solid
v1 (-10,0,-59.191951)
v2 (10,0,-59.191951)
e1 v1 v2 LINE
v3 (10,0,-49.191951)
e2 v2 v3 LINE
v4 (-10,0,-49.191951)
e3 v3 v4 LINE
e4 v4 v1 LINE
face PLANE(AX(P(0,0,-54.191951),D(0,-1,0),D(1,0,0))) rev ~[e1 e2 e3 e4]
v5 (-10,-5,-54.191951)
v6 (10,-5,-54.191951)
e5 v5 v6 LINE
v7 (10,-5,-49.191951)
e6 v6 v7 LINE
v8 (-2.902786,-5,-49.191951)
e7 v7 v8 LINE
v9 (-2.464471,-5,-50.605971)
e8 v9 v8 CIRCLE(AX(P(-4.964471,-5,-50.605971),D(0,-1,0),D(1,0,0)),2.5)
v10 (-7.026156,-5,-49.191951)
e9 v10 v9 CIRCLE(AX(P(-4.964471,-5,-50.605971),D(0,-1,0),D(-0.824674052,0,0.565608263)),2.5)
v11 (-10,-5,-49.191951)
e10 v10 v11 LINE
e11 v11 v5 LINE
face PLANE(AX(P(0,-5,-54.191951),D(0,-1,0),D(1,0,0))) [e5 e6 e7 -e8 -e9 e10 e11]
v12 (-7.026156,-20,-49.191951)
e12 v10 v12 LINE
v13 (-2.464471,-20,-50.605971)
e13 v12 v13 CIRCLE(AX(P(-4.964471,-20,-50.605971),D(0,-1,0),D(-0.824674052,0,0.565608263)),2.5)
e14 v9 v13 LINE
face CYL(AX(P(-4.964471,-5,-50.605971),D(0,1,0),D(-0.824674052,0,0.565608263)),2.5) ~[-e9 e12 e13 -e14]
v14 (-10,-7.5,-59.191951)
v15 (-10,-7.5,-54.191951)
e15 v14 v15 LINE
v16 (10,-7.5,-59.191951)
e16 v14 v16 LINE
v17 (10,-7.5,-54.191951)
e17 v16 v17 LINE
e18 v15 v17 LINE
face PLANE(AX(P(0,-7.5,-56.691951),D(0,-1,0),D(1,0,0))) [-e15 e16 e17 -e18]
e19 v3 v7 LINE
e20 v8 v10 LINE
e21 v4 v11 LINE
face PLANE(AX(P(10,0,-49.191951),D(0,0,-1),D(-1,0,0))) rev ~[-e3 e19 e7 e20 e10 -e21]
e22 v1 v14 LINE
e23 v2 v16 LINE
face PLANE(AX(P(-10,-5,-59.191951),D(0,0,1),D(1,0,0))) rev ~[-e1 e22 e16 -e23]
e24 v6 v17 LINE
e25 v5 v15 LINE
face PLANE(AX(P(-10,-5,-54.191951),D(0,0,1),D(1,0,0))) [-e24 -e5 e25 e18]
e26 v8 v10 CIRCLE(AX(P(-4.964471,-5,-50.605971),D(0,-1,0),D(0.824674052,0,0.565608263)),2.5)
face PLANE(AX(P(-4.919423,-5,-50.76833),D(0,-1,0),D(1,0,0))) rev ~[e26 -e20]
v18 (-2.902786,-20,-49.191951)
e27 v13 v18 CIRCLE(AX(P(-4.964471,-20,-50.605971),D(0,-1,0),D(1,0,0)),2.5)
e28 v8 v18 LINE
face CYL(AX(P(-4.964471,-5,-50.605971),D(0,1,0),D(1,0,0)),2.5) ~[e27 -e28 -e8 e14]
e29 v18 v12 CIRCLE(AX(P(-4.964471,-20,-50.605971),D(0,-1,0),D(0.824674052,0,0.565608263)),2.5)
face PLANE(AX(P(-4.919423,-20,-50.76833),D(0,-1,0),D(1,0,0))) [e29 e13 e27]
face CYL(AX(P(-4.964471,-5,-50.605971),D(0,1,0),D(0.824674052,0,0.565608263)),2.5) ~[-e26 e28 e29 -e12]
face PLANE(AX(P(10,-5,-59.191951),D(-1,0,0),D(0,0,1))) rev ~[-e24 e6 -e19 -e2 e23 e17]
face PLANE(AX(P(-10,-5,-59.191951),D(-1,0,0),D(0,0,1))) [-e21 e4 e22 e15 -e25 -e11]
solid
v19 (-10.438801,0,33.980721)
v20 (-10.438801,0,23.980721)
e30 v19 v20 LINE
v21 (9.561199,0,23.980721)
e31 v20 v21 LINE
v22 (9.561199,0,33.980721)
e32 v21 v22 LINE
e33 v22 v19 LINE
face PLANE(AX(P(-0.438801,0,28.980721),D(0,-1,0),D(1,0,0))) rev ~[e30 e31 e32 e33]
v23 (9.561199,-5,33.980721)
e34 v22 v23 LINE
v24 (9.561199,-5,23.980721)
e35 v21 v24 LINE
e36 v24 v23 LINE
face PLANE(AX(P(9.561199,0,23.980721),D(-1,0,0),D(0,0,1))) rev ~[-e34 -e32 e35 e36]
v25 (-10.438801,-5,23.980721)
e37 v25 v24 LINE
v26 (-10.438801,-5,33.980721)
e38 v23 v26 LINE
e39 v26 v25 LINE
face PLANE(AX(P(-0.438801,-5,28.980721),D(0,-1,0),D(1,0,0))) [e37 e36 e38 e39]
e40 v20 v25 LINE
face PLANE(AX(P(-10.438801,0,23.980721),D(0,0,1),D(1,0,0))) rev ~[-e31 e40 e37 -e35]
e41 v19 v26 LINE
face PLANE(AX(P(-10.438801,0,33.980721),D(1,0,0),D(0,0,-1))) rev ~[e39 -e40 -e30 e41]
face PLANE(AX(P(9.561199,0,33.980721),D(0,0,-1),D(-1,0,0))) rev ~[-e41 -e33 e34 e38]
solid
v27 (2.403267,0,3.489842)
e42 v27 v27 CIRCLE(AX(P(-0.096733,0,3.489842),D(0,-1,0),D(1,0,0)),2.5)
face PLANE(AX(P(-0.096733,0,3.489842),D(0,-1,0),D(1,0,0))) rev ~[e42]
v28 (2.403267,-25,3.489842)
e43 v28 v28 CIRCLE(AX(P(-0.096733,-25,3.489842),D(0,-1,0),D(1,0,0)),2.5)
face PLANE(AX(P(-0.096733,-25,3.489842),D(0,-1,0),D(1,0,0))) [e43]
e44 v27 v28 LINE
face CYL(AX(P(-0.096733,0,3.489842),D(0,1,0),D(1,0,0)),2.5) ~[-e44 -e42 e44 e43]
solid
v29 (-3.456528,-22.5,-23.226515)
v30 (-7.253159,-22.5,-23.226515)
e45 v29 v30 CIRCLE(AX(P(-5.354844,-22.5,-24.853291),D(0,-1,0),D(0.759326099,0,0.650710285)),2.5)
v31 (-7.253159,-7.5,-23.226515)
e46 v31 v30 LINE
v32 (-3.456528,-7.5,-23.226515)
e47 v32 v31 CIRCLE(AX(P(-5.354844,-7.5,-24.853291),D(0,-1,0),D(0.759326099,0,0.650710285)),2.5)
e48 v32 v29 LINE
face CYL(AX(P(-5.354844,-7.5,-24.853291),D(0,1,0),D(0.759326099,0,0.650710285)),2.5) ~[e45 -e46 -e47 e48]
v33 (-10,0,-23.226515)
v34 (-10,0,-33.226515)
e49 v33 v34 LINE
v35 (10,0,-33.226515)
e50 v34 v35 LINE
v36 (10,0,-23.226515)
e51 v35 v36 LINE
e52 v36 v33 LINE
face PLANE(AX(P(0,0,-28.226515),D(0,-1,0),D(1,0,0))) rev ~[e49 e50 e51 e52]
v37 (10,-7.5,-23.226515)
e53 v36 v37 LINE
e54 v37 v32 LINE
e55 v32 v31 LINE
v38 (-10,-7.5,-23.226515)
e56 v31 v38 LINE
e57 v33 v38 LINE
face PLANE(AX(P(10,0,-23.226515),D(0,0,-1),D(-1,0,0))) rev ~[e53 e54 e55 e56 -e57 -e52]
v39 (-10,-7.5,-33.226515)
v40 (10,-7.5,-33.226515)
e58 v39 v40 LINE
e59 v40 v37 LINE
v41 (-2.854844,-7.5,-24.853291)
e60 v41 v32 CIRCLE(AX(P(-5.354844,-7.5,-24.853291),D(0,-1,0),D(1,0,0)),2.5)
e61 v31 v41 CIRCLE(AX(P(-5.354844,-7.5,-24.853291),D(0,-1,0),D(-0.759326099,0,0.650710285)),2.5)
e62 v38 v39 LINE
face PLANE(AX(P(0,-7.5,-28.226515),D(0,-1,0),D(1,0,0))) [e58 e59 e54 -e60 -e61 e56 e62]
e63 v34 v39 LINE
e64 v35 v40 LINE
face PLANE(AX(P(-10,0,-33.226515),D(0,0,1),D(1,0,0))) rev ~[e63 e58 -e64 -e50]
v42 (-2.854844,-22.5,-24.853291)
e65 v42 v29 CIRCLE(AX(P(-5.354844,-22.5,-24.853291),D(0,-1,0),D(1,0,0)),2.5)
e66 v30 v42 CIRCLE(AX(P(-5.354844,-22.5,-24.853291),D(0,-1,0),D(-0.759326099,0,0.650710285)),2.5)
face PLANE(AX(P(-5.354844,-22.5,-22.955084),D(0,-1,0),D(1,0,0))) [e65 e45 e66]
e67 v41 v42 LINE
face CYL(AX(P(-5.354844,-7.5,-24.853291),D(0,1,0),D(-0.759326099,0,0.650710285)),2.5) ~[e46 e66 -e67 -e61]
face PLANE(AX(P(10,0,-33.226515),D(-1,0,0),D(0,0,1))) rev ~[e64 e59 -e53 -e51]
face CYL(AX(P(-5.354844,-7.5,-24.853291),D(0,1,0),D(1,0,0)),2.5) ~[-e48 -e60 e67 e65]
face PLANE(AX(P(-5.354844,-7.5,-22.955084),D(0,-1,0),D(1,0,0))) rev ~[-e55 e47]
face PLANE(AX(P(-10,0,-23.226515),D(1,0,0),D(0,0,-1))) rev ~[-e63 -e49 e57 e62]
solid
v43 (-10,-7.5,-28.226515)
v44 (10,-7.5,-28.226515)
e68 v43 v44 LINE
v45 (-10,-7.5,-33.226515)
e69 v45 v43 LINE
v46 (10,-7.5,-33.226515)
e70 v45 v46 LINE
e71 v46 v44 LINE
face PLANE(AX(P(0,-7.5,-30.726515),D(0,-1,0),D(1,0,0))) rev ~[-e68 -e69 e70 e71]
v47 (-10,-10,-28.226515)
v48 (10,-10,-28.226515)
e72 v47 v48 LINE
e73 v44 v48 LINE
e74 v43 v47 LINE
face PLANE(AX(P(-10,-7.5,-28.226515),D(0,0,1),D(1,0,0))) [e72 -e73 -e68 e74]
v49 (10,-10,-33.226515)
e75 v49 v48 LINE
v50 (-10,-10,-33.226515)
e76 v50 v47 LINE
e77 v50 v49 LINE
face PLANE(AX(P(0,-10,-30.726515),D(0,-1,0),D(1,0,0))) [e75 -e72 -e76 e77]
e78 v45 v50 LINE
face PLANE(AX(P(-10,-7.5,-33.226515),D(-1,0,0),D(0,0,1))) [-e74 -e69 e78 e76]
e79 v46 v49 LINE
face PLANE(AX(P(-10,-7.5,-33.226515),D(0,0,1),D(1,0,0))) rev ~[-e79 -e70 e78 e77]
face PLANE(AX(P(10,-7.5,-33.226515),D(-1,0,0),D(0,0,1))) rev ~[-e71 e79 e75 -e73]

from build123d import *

# Parameters (mm, degrees)
F1_DEPTH  = 5
F2_R      = 2.5
F3_DEPTH  = 25
F5_DEPTH  = 7.5
F7_DEPTH  = 5
F8_W      = 20
F8_H      = 5
F9_DEPTH  = 2.5
F10_W     = 20
F10_H     = 5
F11_DEPTH = 2.5
F13_DEPTH = 15
F15_DEPTH = 15


with BuildPart() as f1:
    # F0 (on Front) → F1 (new body)
    with BuildSketch(Plane.XZ):
        Polygon((-9.5611989871, 33.9807206666), (-10.4388010129, 33.9807206666), (-10.4388010129, 23.9807206666), (-9.5611989871, 23.9807206666), (9.5611989871, 23.9807206666), (9.5611989871, 33.9807206666), align=None)
    extrude(amount=F1_DEPTH)


with BuildPart() as f3:
    # F2 (on Front) → F3 (new body)
    with BuildSketch(Plane.XZ):
        with Locations((-0.0967326268, 3.4898421727)):
            Circle(F2_R)
    extrude(amount=F3_DEPTH)


with BuildPart() as f5:
    # F4 (on Front) → F5 (new body)
    with BuildSketch(Plane.XZ):
        Polygon((-7.0380929299, -23.2265152782), (-10, -23.2265152782), (-10, -33.2265152782), (-7.0380929299, -33.2265152782), (10, -33.2265152782), (10, -23.2265152782), align=None)
    extrude(amount=F5_DEPTH)

    # F12 (on face) → F13 (join)
    with BuildSketch(Plane.XZ.offset(7.5)):
        with BuildLine():
            Line((-7.2531588168, -23.2265152782), (-3.4565283193, -23.2265152782))
            ThreePointArc((-3.4565283193, -23.2265152782), (-5.3548435681, -22.35329099), (-7.2531588168, -23.2265152782))
        make_face()
        with BuildLine():
            ThreePointArc((-7.2531588168, -23.2265152782), (-6.222083984, -27.1980498392), (-2.8548435681, -24.85329099))
            ThreePointArc((-2.8548435681, -24.85329099), (-3.0100847189, -23.986050574), (-3.4565283193, -23.2265152782))
            Line((-3.4565283193, -23.2265152782), (-7.2531588168, -23.2265152782))
        make_face()
    extrude(amount=F13_DEPTH)


with BuildPart() as f7:
    # F6 (on Front) → F7 (new body)
    with BuildSketch(Plane.XZ):
        Polygon((7.257495299, -49.1919507086), (-10, -49.1919507086), (-10, -59.1919507086), (7.257495299, -59.1919507086), (10, -59.1919507086), (10, -49.1919507086), align=None)
    extrude(amount=F7_DEPTH)

    # F10 (on face) → F11 (join)
    with BuildSketch(Plane.XZ.offset(5)):
        with Locations((0, -56.6919507086)):
            Rectangle(F10_W, F10_H)
    extrude(amount=F11_DEPTH)

    # F14 (on face) → F15 (join)
    with BuildSketch(Plane.XZ.offset(5)):
        with BuildLine():
            ThreePointArc((-7.0261559945, -49.1919507086), (-5.7046692057, -52.9938797425), (-2.4644708633, -50.6059713662))
            ThreePointArc((-2.4644708633, -50.6059713662), (-2.576562487, -49.8657730238), (-2.9027857322, -49.1919507086))
            Line((-2.9027857322, -49.1919507086), (-7.0261559945, -49.1919507086))
        make_face()
        with BuildLine():
            Line((-7.0261559945, -49.1919507086), (-2.9027857322, -49.1919507086))
            ThreePointArc((-2.9027857322, -49.1919507086), (-4.9644708633, -48.1059713662), (-7.0261559945, -49.1919507086))
        make_face()
    extrude(amount=F15_DEPTH)


with BuildPart() as f9:
    # F8 (on face) → F9 (new body)
    with BuildSketch(Plane.XZ.offset(7.5)):
        with Locations((0, -30.7265152782)):
            Rectangle(F8_W, F8_H)
    extrude(amount=F9_DEPTH)


solid = Compound([f1.part, f3.part, f5.part, f7.part, f9.part])
